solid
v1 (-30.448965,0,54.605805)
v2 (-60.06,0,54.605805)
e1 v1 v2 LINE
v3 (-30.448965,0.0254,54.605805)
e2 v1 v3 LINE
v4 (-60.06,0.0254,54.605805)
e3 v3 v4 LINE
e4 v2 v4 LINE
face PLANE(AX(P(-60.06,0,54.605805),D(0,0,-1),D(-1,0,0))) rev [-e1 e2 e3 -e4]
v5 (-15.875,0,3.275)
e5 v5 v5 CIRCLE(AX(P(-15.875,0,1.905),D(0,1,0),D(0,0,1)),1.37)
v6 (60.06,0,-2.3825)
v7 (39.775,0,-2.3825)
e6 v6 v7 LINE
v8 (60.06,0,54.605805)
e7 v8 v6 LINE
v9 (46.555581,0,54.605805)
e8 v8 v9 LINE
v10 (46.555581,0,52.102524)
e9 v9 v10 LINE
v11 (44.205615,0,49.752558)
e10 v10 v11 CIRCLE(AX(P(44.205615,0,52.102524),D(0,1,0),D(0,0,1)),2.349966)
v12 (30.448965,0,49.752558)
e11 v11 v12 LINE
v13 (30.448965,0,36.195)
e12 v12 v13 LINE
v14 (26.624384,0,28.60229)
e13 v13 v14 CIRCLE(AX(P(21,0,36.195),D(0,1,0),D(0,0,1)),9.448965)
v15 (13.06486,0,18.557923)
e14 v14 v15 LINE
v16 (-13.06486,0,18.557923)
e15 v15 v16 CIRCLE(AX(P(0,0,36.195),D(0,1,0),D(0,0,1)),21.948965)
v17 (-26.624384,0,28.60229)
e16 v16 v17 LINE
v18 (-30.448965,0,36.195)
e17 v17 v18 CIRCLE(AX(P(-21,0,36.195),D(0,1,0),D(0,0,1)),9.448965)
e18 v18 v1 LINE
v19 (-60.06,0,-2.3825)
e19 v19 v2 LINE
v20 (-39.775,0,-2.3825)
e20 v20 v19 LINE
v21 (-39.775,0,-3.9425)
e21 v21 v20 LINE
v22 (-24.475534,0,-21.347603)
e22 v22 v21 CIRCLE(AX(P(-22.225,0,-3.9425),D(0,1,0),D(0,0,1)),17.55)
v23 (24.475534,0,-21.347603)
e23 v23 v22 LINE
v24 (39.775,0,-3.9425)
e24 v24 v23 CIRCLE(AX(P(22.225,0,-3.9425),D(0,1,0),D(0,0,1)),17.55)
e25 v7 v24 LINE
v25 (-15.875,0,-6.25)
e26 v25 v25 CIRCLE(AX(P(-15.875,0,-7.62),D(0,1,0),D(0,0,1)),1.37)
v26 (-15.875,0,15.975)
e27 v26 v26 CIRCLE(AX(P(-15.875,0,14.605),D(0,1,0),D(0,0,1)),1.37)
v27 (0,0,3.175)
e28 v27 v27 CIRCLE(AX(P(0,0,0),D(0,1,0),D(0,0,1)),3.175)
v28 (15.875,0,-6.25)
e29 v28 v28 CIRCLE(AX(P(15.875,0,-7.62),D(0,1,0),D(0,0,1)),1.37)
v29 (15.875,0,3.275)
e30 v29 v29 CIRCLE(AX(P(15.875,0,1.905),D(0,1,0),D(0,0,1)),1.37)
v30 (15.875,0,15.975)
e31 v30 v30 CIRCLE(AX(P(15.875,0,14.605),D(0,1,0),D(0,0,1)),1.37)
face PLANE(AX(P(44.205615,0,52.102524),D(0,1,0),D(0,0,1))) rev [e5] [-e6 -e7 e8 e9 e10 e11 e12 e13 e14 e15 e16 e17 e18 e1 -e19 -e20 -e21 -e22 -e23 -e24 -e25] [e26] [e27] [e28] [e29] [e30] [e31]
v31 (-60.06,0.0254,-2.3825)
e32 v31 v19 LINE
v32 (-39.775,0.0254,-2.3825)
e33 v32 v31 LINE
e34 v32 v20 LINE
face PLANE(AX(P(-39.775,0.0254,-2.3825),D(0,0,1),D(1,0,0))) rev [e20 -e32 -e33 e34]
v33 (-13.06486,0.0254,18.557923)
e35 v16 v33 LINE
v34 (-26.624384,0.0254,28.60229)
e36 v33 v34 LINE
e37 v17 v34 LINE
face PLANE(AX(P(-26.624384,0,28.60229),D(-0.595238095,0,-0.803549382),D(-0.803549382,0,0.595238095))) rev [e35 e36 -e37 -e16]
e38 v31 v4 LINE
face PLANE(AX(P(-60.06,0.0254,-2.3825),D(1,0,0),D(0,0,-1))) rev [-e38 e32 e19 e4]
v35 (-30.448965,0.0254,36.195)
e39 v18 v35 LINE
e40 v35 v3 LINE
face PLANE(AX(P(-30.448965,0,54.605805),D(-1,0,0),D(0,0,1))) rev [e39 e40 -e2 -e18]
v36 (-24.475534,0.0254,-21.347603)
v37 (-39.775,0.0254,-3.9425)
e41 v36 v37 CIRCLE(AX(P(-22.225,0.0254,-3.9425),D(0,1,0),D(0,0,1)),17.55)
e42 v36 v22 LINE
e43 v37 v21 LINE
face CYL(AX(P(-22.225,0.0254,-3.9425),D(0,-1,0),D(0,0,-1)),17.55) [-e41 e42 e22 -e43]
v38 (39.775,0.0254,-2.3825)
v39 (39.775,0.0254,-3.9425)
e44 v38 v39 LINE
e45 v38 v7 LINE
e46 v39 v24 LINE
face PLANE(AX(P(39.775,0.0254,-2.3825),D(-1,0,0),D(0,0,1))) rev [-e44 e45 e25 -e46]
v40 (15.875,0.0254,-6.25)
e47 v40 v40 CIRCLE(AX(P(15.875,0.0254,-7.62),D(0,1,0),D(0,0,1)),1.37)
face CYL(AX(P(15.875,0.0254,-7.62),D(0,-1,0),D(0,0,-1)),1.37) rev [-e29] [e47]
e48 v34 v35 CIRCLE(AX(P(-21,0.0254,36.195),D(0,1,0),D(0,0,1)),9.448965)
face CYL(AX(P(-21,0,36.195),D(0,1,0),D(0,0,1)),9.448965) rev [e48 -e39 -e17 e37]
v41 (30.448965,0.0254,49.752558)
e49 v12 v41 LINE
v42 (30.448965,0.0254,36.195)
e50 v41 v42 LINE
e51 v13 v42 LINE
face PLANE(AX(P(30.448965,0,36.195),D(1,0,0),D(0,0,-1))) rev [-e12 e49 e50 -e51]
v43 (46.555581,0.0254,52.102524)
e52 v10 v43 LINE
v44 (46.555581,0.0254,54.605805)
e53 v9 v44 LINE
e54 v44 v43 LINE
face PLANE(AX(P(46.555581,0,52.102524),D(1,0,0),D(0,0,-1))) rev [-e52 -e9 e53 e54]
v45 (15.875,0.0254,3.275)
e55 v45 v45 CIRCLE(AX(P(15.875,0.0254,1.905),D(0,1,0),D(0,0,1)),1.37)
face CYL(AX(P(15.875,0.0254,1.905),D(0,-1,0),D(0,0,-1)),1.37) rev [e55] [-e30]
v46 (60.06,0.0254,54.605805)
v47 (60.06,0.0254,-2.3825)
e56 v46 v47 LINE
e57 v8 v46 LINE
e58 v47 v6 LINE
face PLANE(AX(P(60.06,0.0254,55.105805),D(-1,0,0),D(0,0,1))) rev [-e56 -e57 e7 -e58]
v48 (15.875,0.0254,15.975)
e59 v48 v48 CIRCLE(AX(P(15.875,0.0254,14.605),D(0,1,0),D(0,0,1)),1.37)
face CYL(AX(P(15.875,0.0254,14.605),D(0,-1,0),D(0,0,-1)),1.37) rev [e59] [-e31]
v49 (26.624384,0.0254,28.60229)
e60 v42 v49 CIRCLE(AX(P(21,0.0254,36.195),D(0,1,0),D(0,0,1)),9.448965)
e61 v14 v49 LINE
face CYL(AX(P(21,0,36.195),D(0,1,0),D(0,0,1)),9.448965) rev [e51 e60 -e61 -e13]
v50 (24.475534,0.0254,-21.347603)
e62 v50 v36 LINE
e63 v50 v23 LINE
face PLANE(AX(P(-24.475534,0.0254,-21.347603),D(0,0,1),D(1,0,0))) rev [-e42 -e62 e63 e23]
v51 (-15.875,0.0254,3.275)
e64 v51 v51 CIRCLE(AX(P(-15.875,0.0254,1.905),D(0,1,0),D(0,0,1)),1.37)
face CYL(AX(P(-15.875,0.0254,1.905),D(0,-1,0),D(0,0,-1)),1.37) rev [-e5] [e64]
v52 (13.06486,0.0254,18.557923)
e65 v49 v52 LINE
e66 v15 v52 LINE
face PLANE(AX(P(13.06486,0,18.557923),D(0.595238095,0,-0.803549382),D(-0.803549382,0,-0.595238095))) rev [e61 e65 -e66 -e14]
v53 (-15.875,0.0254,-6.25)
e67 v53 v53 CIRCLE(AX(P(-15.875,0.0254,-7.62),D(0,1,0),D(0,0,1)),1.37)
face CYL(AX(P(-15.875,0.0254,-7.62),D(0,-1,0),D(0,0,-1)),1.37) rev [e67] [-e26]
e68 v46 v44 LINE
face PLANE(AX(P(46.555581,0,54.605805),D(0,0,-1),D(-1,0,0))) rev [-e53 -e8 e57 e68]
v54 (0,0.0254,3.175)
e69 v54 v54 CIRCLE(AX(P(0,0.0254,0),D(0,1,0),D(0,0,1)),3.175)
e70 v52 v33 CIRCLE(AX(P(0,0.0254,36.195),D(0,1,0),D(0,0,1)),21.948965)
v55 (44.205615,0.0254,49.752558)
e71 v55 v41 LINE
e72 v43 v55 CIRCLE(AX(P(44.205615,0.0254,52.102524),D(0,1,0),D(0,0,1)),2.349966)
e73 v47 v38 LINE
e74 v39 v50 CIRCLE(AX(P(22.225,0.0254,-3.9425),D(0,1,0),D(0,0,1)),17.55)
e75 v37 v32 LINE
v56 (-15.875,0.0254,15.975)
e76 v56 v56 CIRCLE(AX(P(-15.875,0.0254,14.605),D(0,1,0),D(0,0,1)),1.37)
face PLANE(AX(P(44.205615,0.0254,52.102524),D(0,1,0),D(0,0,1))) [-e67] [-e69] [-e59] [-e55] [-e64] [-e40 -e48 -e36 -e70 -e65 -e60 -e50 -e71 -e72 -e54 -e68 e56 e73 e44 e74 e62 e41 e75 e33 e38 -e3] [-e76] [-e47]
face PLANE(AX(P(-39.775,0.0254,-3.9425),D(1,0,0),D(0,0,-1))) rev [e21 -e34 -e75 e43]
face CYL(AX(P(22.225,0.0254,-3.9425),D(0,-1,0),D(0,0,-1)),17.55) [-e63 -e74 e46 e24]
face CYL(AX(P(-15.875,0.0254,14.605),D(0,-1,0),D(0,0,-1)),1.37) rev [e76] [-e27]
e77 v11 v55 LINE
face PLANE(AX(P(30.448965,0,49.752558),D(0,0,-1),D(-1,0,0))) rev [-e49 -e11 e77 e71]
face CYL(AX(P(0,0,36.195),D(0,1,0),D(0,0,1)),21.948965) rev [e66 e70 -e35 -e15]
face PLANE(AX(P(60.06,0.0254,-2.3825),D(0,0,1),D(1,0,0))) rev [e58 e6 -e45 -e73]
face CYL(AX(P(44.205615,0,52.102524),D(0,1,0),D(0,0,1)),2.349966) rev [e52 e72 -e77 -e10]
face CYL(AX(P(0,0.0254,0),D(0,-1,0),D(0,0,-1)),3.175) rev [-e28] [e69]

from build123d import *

# Parameters (mm, degrees)
SKETCH1_R           = 1.37
SKETCH1_R_2         = 3.175
BOSS_EXTRUDE1_DEPTH = 0.0254
CUT_EXTRUDE1_DEPTH  = 1.0254


with BuildPart() as part:
    # Sketch1 → Boss-Extrude1 (new body)
    with BuildSketch(Plane(origin=(0, 0, 0), x_dir=(1, 0, 0), z_dir=(0, 1, 0))):
        with BuildLine():
            Line((46.055581216, -52.102523804), (46.055581216, -55.105805187))
            Line((46.055581216, -55.105805187), (60.06, -55.105805187))
            Line((60.06, -55.105805187), (60.06, 2.3825))
            Line((60.06, 2.3825), (39.775, 2.3825))
            Line((39.775, 2.3825), (39.775, 3.9425))
            ThreePointArc((39.775, 3.9425), (35.406414292, 15.5292518), (24.475533644, 21.347602652))
            Line((24.475533644, 21.347602652), (-24.475533644, 21.347602652))
            ThreePointArc((-24.475533644, 21.347602652), (-35.406414292, 15.5292518), (-39.775, 3.9425))
            Line((-39.775, 3.9425), (-39.775, 2.3825))
            Line((-39.775, 2.3825), (-60.06, 2.3825))
            Line((-60.06, 2.3825), (-60.06, -55.105805187))
            Line((-60.06, -55.105805187), (-29.948964567, -55.105805187))
            Line((-29.948964567, -55.105805187), (-29.948964567, -36.195))
            ThreePointArc((-29.948964567, -36.195), (-28.992277356, -32.169149844), (-26.326764623, -29.004065049))
            Line((-26.326764623, -29.004065049), (-12.767240814, -18.959697769))
            ThreePointArc((-12.767240814, -18.959697769), (0, -14.746035433), (12.767240814, -18.959697769))
            Line((12.767240814, -18.959697769), (26.326764623, -29.004065049))
            ThreePointArc((26.326764623, -29.004065049), (28.992277356, -32.169149844), (29.948964567, -36.195))
            Line((29.948964567, -36.195), (29.948964567, -50.252557813))
            Line((29.948964567, -50.252557813), (44.205615226, -50.252557813))
            ThreePointArc((44.205615226, -50.252557813), (45.513738722, -50.794400307), (46.055581216, -52.102523804))
        make_face()
        with Locations(Location((-15.875, -1.905, 0), (0, 0, 270))):  # turned: the seam where the file's is
            Circle(SKETCH1_R, mode=Mode.SUBTRACT)
        with Locations(Location((-15.875, 7.62, 0), (0, 0, 270))):  # turned: the seam where the file's is
            Circle(SKETCH1_R, mode=Mode.SUBTRACT)
        with Locations(Location((-15.875, -14.605, 0), (0, 0, 270))):  # turned: the seam where the file's is
            Circle(SKETCH1_R, mode=Mode.SUBTRACT)
        with Locations(Location((0, 0, 0), (0, 0, 270))):  # turned: the seam where the file's is
            Circle(SKETCH1_R_2, mode=Mode.SUBTRACT)
        with Locations(Location((15.875, -1.905, 0), (0, 0, 270))):  # turned: the seam where the file's is
            Circle(SKETCH1_R, mode=Mode.SUBTRACT)
        with Locations(Location((15.875, 7.62, 0), (0, 0, 270))):  # turned: the seam where the file's is
            Circle(SKETCH1_R, mode=Mode.SUBTRACT)
        with Locations(Location((15.875, -14.605, 0), (0, 0, 270))):  # turned: the seam where the file's is
            Circle(SKETCH1_R, mode=Mode.SUBTRACT)
    extrude(amount=BOSS_EXTRUDE1_DEPTH)

    # Sketch2 → Cut-Extrude1 (cut, through all)
    with BuildSketch(Plane(origin=(0, 0.0254, 0), x_dir=(1, 0, 0), z_dir=(0, 1, 0))):
        with BuildLine():
            Line((-60.06, -55.105805187), (-29.948964567, -55.105805187))
            Line((-29.948964567, -55.105805187), (-29.948964567, -36.195))
            ThreePointArc((-29.948964567, -36.195), (-28.992277356, -32.169149844), (-26.326764623, -29.004065049))
            Line((-26.326764623, -29.004065049), (-12.767240814, -18.959697769))
            ThreePointArc((-12.767240814, -18.959697769), (0, -14.746035433), (12.767240814, -18.959697769))
            Line((12.767240814, -18.959697769), (26.326764623, -29.004065049))
            ThreePointArc((26.326764623, -29.004065049), (28.992277356, -32.169149844), (29.948964567, -36.195))
            Line((29.948964567, -36.195), (29.948964567, -50.252557813))
            Line((29.948964567, -50.252557813), (44.205615226, -50.252557813))
            ThreePointArc((44.205615226, -50.252557813), (45.513738722, -50.794400307), (46.055581216, -52.102523804))
            Line((46.055581216, -52.102523804), (46.055581216, -55.105805187))
            Line((46.055581216, -55.105805187), (60.06, -55.105805187))
            Line((60.06, -55.105805187), (60.06, -54.605805187))
            Line((60.06, -54.605805187), (46.555581216, -54.605805187))
            Line((46.555581216, -54.605805187), (46.555581216, -52.102523804))
            ThreePointArc((46.555581216, -52.102523804), (45.867292113, -50.440846916), (44.205615226, -49.752557813))
            Line((44.205615226, -49.752557813), (30.448964567, -49.752557813))
            Line((30.448964567, -49.752557813), (30.448964567, -36.195))
            ThreePointArc((30.448964567, -36.195), (29.43882496, -31.944215992), (26.624383671, -28.602290358))
            Line((26.624383671, -28.602290358), (13.064859861, -18.557923078))
            ThreePointArc((13.064859861, -18.557923078), (0, -14.246035433), (-13.064859861, -18.557923078))
            Line((-13.064859861, -18.557923078), (-26.624383671, -28.602290358))
            ThreePointArc((-26.624383671, -28.602290358), (-29.43882496, -31.944215992), (-30.448964567, -36.195))
            Line((-30.448964567, -36.195), (-30.448964567, -54.605805187))
            Line((-30.448964567, -54.605805187), (-60.06, -54.605805187))
            Line((-60.06, -54.605805187), (-60.06, -55.105805187))
        make_face()
    extrude(amount=-CUT_EXTRUDE1_DEPTH, mode=Mode.SUBTRACT)


solid = part.part
